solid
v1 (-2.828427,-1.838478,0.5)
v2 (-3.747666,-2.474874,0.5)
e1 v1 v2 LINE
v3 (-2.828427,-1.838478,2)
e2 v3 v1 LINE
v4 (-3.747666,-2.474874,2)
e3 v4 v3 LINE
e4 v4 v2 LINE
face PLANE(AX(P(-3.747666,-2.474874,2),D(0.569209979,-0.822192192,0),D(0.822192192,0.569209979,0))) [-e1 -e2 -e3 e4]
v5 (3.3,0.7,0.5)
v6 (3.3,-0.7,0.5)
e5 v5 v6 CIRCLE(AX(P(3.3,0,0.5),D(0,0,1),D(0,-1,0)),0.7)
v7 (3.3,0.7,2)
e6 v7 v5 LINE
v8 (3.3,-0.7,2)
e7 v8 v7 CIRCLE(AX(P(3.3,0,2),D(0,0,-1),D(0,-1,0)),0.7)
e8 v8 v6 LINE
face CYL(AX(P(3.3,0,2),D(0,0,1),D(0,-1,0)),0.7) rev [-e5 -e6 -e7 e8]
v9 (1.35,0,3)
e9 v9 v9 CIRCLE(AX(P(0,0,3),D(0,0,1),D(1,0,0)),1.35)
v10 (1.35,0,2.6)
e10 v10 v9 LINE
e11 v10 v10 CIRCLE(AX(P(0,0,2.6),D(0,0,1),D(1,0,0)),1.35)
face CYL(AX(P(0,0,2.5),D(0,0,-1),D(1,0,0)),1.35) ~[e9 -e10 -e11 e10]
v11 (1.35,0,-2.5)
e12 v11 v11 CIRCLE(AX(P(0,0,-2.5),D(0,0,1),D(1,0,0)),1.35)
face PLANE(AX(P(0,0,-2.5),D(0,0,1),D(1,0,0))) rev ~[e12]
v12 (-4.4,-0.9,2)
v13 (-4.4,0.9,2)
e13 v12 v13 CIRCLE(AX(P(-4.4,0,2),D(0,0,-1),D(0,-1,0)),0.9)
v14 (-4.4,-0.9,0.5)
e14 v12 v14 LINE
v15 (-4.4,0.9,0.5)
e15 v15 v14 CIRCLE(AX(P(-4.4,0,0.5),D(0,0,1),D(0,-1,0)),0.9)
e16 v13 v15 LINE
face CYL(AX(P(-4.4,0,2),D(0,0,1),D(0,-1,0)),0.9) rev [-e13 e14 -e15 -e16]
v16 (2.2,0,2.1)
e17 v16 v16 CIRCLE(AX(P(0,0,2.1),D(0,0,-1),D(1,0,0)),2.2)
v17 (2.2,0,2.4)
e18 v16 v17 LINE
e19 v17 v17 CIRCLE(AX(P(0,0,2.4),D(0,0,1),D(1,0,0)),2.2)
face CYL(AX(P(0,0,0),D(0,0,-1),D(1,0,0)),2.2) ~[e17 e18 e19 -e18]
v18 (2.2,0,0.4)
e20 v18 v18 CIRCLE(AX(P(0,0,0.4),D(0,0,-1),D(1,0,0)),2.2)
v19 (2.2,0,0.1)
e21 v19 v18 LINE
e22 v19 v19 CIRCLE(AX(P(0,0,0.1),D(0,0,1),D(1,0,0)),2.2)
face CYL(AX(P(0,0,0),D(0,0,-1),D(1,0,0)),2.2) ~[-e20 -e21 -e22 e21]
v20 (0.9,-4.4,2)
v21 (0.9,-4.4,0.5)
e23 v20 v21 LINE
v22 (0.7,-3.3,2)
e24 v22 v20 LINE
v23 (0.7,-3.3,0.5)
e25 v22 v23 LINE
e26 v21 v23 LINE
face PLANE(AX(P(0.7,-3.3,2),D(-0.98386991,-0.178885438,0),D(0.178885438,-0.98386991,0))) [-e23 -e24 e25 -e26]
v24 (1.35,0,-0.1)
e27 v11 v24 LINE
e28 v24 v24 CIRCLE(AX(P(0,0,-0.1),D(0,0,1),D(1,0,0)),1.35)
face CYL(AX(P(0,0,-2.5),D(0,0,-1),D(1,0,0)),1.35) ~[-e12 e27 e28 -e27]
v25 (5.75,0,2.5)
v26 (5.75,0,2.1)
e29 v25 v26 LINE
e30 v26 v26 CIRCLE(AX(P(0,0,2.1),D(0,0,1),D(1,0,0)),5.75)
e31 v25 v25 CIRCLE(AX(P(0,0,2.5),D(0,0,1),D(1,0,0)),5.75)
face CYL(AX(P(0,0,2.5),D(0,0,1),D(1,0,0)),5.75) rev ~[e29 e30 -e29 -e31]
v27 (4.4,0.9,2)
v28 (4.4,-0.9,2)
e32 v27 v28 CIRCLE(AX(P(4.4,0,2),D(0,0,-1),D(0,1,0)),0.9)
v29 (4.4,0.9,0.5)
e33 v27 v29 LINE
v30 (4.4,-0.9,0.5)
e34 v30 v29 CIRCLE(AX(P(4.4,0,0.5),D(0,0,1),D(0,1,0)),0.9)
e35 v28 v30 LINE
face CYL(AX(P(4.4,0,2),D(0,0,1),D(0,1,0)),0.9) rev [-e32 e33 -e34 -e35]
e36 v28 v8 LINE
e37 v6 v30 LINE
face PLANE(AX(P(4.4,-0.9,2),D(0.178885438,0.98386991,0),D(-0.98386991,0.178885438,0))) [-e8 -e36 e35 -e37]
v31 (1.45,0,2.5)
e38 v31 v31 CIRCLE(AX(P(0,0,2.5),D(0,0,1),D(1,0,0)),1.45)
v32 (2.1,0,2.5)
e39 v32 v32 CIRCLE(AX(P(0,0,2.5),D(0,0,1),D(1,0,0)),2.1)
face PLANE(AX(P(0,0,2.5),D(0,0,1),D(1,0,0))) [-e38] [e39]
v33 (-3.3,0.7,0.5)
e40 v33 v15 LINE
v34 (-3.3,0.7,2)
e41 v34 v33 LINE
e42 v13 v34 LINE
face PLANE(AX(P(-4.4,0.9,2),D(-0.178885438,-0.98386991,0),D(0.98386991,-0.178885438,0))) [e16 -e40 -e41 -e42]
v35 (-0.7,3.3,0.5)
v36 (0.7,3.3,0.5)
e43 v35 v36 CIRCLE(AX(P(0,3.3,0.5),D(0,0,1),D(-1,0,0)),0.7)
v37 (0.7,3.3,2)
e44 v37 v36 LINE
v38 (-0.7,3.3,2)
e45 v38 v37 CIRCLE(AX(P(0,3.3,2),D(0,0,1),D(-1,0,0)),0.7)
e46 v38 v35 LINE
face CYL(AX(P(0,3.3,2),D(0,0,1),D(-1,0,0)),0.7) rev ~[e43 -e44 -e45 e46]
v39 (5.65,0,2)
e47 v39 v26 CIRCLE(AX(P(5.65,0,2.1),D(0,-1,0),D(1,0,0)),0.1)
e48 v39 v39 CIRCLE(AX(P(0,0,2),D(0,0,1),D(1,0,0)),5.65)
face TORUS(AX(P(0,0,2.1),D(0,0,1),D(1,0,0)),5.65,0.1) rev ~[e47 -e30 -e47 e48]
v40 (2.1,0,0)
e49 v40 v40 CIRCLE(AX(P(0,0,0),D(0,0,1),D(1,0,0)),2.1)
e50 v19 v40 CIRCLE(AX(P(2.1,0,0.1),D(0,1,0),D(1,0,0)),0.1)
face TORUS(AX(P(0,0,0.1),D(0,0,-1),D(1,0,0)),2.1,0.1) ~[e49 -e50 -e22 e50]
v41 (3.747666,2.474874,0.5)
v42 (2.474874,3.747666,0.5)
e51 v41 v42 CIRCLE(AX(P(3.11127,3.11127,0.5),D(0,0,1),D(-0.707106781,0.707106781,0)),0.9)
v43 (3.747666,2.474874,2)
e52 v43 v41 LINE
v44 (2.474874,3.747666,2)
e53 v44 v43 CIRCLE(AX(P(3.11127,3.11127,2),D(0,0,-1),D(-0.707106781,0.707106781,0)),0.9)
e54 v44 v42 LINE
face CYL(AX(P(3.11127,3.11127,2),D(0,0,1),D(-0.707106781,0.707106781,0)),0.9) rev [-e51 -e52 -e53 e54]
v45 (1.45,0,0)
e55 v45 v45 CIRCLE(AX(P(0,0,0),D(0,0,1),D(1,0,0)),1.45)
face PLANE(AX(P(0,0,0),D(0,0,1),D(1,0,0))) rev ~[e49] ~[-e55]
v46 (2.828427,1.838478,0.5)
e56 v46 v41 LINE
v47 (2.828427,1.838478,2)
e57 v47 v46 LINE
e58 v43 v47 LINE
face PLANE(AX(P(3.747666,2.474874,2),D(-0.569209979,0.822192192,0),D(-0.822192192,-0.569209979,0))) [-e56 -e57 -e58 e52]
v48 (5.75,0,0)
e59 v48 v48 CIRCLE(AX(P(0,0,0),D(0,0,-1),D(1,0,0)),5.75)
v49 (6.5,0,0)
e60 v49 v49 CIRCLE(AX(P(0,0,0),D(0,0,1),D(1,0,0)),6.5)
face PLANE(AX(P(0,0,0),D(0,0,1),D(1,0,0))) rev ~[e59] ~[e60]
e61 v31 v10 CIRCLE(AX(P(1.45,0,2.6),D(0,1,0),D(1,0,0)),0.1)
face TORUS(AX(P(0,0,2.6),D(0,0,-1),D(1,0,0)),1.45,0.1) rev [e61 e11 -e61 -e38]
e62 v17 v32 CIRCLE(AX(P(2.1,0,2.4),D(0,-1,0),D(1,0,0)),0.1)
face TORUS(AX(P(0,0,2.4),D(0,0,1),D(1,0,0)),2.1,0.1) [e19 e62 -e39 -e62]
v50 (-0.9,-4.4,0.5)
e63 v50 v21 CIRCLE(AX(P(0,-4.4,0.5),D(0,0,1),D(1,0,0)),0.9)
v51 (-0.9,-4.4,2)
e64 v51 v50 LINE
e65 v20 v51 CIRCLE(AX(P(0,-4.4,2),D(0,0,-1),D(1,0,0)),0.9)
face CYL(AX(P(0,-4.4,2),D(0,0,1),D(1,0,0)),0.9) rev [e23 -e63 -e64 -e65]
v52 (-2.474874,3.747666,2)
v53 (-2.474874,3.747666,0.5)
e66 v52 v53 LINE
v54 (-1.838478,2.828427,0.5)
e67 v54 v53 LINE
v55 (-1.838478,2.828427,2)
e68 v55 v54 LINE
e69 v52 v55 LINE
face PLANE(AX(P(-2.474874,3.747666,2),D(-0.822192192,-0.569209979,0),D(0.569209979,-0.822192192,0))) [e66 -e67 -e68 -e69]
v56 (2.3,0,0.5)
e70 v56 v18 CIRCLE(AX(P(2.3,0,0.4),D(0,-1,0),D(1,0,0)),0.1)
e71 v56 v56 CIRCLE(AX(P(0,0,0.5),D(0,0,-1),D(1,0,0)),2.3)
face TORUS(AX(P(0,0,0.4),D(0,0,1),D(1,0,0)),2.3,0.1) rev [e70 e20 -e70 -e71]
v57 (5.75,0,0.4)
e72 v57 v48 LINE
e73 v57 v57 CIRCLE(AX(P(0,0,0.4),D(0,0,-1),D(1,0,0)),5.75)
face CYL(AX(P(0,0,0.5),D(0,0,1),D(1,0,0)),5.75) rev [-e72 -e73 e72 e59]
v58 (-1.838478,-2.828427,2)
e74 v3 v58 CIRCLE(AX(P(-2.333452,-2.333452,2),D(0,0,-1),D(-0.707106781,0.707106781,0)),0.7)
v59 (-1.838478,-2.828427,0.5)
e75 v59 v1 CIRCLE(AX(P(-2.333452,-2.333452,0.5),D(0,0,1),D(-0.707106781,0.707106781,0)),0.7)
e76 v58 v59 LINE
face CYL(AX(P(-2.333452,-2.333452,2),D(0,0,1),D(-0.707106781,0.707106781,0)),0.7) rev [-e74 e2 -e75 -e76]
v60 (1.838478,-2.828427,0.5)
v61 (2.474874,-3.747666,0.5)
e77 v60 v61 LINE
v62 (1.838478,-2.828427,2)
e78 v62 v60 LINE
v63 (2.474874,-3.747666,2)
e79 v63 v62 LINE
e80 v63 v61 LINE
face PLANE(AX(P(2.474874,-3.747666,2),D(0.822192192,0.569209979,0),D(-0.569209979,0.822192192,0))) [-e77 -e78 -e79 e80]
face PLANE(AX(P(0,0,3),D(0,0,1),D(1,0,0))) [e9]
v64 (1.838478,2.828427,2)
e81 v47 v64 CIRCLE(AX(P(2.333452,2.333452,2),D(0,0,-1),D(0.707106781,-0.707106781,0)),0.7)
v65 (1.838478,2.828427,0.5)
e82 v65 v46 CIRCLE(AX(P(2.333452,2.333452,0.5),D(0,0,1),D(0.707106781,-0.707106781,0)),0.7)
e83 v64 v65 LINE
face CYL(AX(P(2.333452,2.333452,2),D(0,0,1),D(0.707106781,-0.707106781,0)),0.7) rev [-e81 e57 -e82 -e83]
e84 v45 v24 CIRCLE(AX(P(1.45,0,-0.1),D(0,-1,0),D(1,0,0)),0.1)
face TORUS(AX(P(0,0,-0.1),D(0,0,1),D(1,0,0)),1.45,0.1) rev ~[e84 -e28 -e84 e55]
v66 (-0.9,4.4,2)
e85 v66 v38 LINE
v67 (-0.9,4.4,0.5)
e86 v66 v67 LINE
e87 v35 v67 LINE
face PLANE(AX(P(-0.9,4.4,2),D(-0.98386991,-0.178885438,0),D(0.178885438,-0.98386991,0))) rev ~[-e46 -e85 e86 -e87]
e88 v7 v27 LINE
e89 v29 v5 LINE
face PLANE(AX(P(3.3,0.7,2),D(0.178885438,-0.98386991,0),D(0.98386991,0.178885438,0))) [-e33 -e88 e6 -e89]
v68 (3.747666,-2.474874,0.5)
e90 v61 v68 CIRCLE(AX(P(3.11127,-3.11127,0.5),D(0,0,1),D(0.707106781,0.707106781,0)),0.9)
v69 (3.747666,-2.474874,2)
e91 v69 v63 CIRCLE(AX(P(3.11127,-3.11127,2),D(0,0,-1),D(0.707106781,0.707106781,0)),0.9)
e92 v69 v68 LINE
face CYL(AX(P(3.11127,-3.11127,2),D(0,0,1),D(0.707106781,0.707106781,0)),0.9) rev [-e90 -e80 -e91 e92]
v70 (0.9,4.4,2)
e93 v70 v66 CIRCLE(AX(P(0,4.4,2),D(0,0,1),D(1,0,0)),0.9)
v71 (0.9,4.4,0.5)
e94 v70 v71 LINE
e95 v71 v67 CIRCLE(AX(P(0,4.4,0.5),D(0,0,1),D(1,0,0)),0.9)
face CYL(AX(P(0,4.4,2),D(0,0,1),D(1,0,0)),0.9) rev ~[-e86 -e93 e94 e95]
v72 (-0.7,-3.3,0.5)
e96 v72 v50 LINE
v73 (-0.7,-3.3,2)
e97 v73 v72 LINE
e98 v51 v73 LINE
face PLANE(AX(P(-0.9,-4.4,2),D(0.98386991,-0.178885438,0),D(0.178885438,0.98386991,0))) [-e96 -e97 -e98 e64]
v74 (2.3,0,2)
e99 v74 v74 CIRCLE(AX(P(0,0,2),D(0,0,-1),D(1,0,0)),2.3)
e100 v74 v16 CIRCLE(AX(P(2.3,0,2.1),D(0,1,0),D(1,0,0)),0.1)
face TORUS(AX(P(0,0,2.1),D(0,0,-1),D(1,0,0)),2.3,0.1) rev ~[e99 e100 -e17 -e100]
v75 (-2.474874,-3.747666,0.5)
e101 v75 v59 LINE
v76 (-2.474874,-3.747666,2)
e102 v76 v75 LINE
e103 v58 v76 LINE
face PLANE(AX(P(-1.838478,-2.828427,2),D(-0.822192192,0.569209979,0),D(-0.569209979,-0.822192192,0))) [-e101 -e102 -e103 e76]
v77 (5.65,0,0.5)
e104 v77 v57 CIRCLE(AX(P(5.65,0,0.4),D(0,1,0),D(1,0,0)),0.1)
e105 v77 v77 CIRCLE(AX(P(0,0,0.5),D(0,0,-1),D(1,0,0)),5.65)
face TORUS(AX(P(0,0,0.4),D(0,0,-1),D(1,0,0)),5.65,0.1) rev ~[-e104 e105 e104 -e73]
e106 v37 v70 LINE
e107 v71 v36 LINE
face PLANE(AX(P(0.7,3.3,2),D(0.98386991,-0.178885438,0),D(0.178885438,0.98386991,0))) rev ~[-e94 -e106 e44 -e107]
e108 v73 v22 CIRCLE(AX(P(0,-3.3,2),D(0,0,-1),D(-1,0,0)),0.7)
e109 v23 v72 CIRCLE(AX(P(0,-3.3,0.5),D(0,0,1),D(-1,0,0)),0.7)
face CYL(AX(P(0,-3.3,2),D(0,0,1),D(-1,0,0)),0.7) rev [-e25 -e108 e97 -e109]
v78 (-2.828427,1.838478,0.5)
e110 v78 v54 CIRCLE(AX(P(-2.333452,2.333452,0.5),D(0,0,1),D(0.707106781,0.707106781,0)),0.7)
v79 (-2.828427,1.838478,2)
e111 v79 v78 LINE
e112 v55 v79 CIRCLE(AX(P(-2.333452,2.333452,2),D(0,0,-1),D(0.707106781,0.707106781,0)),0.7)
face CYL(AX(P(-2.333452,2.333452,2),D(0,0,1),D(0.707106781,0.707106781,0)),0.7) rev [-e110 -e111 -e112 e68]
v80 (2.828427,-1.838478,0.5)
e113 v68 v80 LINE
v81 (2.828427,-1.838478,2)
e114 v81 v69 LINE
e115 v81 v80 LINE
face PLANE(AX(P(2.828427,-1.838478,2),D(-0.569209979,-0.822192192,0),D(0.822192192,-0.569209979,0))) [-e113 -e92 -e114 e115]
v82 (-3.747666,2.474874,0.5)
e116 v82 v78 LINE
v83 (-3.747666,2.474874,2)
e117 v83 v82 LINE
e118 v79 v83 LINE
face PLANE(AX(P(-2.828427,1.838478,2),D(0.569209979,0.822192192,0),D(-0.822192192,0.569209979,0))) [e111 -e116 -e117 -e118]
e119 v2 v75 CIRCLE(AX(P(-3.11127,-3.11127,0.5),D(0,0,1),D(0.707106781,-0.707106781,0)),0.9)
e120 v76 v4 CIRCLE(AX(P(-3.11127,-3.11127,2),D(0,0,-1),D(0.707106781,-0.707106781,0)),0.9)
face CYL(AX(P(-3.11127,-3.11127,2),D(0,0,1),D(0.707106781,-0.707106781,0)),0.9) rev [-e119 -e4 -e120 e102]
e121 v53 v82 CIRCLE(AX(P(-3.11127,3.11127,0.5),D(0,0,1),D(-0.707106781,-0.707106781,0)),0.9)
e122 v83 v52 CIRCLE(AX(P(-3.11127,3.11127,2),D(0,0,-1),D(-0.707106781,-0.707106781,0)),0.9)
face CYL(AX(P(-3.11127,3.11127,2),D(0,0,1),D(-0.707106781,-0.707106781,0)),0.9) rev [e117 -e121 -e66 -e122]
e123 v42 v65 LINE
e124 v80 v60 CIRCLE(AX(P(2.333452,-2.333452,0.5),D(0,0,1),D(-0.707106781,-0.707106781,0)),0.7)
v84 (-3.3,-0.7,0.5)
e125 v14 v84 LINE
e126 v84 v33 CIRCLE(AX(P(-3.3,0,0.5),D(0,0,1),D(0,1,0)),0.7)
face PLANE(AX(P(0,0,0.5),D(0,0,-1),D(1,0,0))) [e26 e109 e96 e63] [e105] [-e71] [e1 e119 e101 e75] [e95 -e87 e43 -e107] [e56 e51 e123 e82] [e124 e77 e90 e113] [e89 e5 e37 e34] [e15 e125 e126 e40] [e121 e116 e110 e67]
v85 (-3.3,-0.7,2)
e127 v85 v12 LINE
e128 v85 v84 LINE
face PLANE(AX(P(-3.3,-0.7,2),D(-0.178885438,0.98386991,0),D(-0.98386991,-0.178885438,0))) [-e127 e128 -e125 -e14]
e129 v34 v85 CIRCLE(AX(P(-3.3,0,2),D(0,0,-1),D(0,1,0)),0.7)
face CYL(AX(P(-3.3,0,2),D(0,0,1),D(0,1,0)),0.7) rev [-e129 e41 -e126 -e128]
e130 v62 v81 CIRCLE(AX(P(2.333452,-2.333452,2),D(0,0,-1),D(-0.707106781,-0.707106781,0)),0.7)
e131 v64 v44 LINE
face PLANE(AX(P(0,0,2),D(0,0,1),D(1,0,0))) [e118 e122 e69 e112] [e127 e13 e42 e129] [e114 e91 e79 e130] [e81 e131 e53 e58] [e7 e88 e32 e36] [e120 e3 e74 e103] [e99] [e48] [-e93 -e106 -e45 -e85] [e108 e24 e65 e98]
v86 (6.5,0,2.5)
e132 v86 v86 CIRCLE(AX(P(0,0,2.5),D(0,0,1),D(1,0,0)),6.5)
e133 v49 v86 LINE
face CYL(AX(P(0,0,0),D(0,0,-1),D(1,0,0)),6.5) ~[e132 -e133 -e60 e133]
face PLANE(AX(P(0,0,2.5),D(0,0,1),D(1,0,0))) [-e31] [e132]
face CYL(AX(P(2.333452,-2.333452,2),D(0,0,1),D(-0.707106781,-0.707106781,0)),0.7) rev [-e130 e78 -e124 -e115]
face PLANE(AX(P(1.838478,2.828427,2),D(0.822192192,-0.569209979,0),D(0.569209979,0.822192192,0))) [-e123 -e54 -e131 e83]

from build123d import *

# Parameters (mm, degrees)
SKETCH1_R                = 6.5
BOSS_EXTRUDE1_DEPTH      = 2.5
SKETCH2_R                = 5.75
CUT_EXTRUDE1_DEPTH       = 0.5
CUT_EXTRUDE2_START       = -0.5
SKETCH3_R                = 5.75
CUT_EXTRUDE2_DEPTH       = 0.5
BOSS_EXTRUDE2_DEPTH      = 0.5
BOSS_EXTRUDE2_DEPTH_BACK = 2
SKETCH4_R                = 2.2
CUT_EXTRUDE3_DEPTH       = 10.407443861
SKETCH6_R                = 1.35
BOSS_EXTRUDE3_DEPTH      = 0.5
BOSS_EXTRUDE4_START      = -5.5
SKETCH7_R                = 1.35
BOSS_EXTRUDE4_DEPTH      = 2.5
FILLET5_R                = 0.1
FILLET6_R                = 0.1


with BuildPart() as part:
    # Sketch1 → Boss-Extrude1 (new body)
    with BuildSketch(Plane.XY):
        Circle(SKETCH1_R)
    extrude(amount=BOSS_EXTRUDE1_DEPTH)

    # Sketch2 → Cut-Extrude1 (cut)
    with BuildSketch(Plane.XY.offset(2.5)):
        Circle(SKETCH2_R)
    extrude(amount=-CUT_EXTRUDE1_DEPTH, mode=Mode.SUBTRACT)

    # Sketch3 → Cut-Extrude2 (cut)
    with BuildSketch(Plane(origin=(0, 0, 0), x_dir=(-1, 0, 0), z_dir=(0, 0, -1)).offset(CUT_EXTRUDE2_START)):
        with Locations(Location((0, 0, 0), (0, 0, 180))):
            Circle(SKETCH3_R)
    extrude(amount=CUT_EXTRUDE2_DEPTH, mode=Mode.SUBTRACT)

    # Sketch4 → Boss-Extrude2 (add, two sides: drawn at the far end of the back side and taken through both)
    with BuildSketch(Plane.XY.offset(2).offset(-BOSS_EXTRUDE2_DEPTH_BACK)):
        Circle(SKETCH4_R)
    extrude(amount=BOSS_EXTRUDE2_DEPTH + BOSS_EXTRUDE2_DEPTH_BACK)

    # Sketch5 → Cut-Extrude3 (cut, through all)
    with BuildSketch(Plane.XY.offset(2)):
        with BuildLine():
            Line((-0.9, 4.4), (-0.7, 3.3))
            ThreePointArc((-0.7, 3.3), (0, 2.6), (0.7, 3.3))
            Line((0.7, 3.3), (0.9, 4.4))
            ThreePointArc((0.9, 4.4), (0, 5.3), (-0.9, 4.4))
        make_face()
        with BuildLine():
            Line((3.74766594, 2.474873734), (2.828427125, 1.838477631))
            ThreePointArc((2.828427125, 1.838477631), (1.838477631, 1.838477631), (1.838477631, 2.828427125))
            Line((1.838477631, 2.828427125), (2.474873734, 3.74766594))
            ThreePointArc((2.474873734, 3.74766594), (3.74766594, 3.74766594), (3.74766594, 2.474873734))
        make_face()
        with BuildLine():
            Line((4.4, -0.9), (3.3, -0.7))
            ThreePointArc((3.3, -0.7), (2.6, 0), (3.3, 0.7))
            Line((3.3, 0.7), (4.4, 0.9))
            ThreePointArc((4.4, 0.9), (5.3, 0), (4.4, -0.9))
        make_face()
        with BuildLine():
            Line((2.474873734, -3.74766594), (1.838477631, -2.828427125))
            ThreePointArc((1.838477631, -2.828427125), (1.838477631, -1.838477631), (2.828427125, -1.838477631))
            Line((2.828427125, -1.838477631), (3.74766594, -2.474873734))
            ThreePointArc((3.74766594, -2.474873734), (3.74766594, -3.74766594), (2.474873734, -3.74766594))
        make_face()
        with BuildLine():
            Line((-0.9, -4.4), (-0.7, -3.3))
            ThreePointArc((-0.7, -3.3), (0, -2.6), (0.7, -3.3))
            Line((0.7, -3.3), (0.9, -4.4))
            ThreePointArc((0.9, -4.4), (0, -5.3), (-0.9, -4.4))
        make_face()
        with BuildLine():
            Line((-3.74766594, -2.474873734), (-2.828427125, -1.838477631))
            ThreePointArc((-2.828427125, -1.838477631), (-1.838477631, -1.838477631), (-1.838477631, -2.828427125))
            Line((-1.838477631, -2.828427125), (-2.474873734, -3.74766594))
            ThreePointArc((-2.474873734, -3.74766594), (-3.74766594, -3.74766594), (-3.74766594, -2.474873734))
        make_face()
        with BuildLine():
            Line((-4.4, 0.9), (-3.3, 0.7))
            ThreePointArc((-3.3, 0.7), (-2.6, 0), (-3.3, -0.7))
            Line((-3.3, -0.7), (-4.4, -0.9))
            ThreePointArc((-4.4, -0.9), (-5.3, 0), (-4.4, 0.9))
        make_face()
        with BuildLine():
            Line((-2.474873734, 3.74766594), (-1.838477631, 2.828427125))
            ThreePointArc((-1.838477631, 2.828427125), (-1.838477631, 1.838477631), (-2.828427125, 1.838477631))
            Line((-2.828427125, 1.838477631), (-3.74766594, 2.474873734))
            ThreePointArc((-3.74766594, 2.474873734), (-3.74766594, 3.74766594), (-2.474873734, 3.74766594))
        make_face()
    extrude(amount=-CUT_EXTRUDE3_DEPTH, mode=Mode.SUBTRACT)

    # Sketch6 → Boss-Extrude3 (add)
    with BuildSketch(Plane.XY.offset(2.5)):
        Circle(SKETCH6_R)
    extrude(amount=BOSS_EXTRUDE3_DEPTH)

    # Sketch7 → Boss-Extrude4 (add)
    with BuildSketch(Plane.XY.offset(3).offset(BOSS_EXTRUDE4_START)):
        Circle(SKETCH7_R)
    extrude(amount=BOSS_EXTRUDE4_DEPTH)

    # Fillet5
    fillet5_edges = [part.edges().sort_by_distance(p)[0] for p in [
        (-2.2, 0, 2),
        (-2.2, 0, 2.5),
        (-1.35, 0, 2.5),
        (-5.75, 0, 2),
    ]]
    fillet(fillet5_edges, radius=FILLET5_R)

    # Fillet6
    fillet6_edges = [part.edges().sort_by_distance(p)[0] for p in [
        (-5.75, 0, 0.5),
        (-2.2, 0, 0.5),
        (-2.2, 0, 0),
        (-1.35, 0, 0),
    ]]
    fillet(fillet6_edges, radius=FILLET6_R)


solid = part.part
